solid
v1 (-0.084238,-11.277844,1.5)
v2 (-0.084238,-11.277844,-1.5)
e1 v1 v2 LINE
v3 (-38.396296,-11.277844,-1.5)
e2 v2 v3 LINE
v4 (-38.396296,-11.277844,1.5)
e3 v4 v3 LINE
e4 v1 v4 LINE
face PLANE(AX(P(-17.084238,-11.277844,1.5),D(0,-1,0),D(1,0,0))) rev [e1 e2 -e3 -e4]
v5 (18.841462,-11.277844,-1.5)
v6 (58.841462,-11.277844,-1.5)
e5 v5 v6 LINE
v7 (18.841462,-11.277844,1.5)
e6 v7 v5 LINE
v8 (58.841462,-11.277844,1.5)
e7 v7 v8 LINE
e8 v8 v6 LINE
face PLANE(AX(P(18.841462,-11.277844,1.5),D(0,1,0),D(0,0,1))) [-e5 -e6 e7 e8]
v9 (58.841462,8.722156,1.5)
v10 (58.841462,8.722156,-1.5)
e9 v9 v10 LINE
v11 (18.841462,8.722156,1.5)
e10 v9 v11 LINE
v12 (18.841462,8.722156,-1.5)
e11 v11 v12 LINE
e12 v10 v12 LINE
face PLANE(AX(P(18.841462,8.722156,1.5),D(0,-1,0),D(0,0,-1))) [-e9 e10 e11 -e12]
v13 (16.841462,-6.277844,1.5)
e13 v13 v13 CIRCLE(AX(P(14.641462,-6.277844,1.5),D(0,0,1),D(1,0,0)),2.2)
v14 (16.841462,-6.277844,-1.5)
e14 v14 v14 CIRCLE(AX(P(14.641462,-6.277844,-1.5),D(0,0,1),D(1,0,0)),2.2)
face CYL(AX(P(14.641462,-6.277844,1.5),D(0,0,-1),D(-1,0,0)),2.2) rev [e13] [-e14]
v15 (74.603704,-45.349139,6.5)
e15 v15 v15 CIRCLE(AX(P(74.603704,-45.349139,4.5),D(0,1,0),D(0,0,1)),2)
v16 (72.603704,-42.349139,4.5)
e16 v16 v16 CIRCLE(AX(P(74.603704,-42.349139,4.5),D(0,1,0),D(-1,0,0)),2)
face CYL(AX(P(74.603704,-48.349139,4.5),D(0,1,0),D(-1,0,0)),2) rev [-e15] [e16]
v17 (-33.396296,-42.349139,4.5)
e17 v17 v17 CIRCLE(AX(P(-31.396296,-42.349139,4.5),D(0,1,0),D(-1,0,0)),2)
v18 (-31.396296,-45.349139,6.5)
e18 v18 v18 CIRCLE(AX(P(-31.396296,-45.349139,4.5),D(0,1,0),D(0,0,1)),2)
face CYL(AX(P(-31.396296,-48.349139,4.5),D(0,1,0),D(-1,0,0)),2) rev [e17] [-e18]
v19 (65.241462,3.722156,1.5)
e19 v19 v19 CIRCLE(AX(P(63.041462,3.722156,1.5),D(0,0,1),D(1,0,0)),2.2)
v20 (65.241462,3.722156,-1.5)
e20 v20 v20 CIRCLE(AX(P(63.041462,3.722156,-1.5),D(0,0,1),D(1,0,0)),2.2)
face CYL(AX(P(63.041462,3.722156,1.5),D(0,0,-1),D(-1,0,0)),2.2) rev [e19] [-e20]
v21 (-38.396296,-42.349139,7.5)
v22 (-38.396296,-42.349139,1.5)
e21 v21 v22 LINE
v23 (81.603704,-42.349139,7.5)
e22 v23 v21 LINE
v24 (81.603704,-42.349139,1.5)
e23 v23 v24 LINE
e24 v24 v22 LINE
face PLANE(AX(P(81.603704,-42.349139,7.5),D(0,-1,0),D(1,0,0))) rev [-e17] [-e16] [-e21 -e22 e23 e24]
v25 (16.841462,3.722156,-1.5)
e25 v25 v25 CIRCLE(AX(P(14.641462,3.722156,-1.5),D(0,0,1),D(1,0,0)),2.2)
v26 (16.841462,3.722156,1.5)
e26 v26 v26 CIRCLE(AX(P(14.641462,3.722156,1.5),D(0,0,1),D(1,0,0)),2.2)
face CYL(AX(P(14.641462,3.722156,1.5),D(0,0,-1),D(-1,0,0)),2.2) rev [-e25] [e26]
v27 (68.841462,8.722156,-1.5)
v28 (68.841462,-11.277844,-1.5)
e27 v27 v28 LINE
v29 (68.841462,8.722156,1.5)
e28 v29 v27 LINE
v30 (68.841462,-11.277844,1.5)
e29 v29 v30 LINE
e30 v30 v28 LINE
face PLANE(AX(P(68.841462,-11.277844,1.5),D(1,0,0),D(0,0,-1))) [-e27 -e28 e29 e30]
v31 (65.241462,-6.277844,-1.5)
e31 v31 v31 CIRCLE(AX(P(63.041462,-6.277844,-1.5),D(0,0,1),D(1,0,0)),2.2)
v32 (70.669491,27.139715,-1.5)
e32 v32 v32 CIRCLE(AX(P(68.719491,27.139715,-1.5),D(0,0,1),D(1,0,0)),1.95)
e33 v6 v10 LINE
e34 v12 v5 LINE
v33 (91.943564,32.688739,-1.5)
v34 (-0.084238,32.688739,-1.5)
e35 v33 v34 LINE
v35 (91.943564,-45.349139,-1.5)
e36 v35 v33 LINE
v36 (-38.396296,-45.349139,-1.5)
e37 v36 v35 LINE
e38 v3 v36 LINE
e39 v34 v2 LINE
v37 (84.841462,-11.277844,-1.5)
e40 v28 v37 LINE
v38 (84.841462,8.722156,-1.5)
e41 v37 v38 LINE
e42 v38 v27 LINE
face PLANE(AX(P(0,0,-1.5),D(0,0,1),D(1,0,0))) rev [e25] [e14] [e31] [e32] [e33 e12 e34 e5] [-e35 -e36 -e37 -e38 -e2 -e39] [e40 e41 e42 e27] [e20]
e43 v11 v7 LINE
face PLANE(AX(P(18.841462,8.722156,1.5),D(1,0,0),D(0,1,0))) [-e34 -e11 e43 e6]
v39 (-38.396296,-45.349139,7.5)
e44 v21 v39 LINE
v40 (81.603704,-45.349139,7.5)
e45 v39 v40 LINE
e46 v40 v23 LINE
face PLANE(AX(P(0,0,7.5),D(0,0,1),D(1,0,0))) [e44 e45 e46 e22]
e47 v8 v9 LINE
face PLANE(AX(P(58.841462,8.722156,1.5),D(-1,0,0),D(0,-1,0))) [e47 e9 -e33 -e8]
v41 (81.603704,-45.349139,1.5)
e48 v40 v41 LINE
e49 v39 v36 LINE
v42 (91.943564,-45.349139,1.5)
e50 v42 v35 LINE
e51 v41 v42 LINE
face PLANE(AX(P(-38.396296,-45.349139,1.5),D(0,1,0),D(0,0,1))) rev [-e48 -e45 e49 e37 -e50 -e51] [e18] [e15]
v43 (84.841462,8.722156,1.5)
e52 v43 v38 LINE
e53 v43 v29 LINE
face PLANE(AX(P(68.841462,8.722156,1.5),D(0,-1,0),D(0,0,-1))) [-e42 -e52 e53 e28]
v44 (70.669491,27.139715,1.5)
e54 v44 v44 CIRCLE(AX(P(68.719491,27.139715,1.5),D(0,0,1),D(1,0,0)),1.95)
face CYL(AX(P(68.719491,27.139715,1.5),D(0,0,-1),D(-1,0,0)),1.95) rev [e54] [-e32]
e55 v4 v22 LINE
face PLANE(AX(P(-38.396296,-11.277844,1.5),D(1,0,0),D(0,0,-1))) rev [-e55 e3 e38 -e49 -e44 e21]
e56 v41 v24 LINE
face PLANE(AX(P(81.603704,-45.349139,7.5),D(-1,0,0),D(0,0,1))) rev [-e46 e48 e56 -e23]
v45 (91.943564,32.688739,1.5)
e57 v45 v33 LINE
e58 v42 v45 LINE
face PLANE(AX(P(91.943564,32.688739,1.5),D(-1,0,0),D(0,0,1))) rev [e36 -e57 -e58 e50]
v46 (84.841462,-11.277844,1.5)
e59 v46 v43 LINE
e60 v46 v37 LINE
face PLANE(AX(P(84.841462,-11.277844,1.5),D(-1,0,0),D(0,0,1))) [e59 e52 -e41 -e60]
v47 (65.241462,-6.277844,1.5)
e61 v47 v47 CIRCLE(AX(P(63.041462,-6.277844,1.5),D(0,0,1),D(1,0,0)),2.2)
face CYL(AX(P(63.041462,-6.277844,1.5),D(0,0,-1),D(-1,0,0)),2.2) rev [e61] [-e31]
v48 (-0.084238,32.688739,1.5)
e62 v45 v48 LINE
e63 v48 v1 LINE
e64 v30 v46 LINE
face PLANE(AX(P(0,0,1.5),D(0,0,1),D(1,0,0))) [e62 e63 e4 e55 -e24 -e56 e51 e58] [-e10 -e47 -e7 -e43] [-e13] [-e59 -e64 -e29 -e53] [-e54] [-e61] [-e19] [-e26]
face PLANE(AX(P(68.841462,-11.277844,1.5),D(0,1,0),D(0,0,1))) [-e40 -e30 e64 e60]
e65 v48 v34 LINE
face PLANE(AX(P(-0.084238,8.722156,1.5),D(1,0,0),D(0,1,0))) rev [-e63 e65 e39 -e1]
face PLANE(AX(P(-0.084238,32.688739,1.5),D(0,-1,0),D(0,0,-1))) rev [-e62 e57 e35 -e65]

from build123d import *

# Parameters (mm, degrees)
SKETCH_1_R          = 2.2
SKETCH_1_R_2        = 1.95
SKETCH_1_W          = 40
SKETCH_1_H          = 20
SKETCH_1_W_2        = 16
EXTRUDE_1_DEPTH     = 1.5
SKETCH_2_W          = 120
SKETCH_2_H          = 3
EXTRUDE_2_DEPTH     = 6
SKETCH_3_R          = 2
CUT_EXTRUDE_1_DEPTH = 6


with BuildPart() as part:
    # 草图1 → 凸台-拉伸1 (new, symmetric)
    with BuildSketch(Plane.XY):
        Polygon((-0.084238348, 32.688738727), (91.943563532, 32.688738727), (91.943563532, -45.349139123), (-38.396296283, -45.349139123), (-38.396296283, -11.277844067), (-17.084238348, -11.277844067), (-0.084238348, -11.277844067), (-0.084238348, 8.722155933), align=None)
        with Locations((14.641461985, 3.722155933)):
            Circle(SKETCH_1_R, mode=Mode.SUBTRACT)
        with Locations((14.641461985, -6.277844067)):
            Circle(SKETCH_1_R, mode=Mode.SUBTRACT)
        with Locations((63.041461985, 3.722155933)):
            Circle(SKETCH_1_R, mode=Mode.SUBTRACT)
        with Locations((63.041461985, -6.277844067)):
            Circle(SKETCH_1_R, mode=Mode.SUBTRACT)
        with Locations((68.719491165, 27.139714958)):
            Circle(SKETCH_1_R_2, mode=Mode.SUBTRACT)
        with Locations((38.841461985, -1.277844067)):
            Rectangle(SKETCH_1_W, SKETCH_1_H, mode=Mode.SUBTRACT)
        with Locations((76.841461985, -1.277844067)):
            Rectangle(SKETCH_1_W_2, SKETCH_1_H, mode=Mode.SUBTRACT)
    extrude(amount=EXTRUDE_1_DEPTH, both=True)

    # 草图2 → 凸台-拉伸2 (add)
    with BuildSketch(Plane.XY.offset(1.5)):
        with Locations((21.603703717, -43.849139123)):
            Rectangle(SKETCH_2_W, SKETCH_2_H)
    extrude(amount=EXTRUDE_2_DEPTH)

    # 草图3 → 切除-拉伸1 (cut)
    with BuildSketch(Plane(origin=(0, -42.349139123, 0), x_dir=(1, 0, 0), z_dir=(0, 1, 0))):
        with Locations(Location((-31.396296283, -4.5, 0), (0, 0, 180))):
            Circle(SKETCH_3_R)
        with Locations(Location((74.603703717, -4.5, 0), (0, 0, 180))):
            Circle(SKETCH_3_R)
    extrude(amount=-CUT_EXTRUDE_1_DEPTH, mode=Mode.SUBTRACT)


solid = part.part
